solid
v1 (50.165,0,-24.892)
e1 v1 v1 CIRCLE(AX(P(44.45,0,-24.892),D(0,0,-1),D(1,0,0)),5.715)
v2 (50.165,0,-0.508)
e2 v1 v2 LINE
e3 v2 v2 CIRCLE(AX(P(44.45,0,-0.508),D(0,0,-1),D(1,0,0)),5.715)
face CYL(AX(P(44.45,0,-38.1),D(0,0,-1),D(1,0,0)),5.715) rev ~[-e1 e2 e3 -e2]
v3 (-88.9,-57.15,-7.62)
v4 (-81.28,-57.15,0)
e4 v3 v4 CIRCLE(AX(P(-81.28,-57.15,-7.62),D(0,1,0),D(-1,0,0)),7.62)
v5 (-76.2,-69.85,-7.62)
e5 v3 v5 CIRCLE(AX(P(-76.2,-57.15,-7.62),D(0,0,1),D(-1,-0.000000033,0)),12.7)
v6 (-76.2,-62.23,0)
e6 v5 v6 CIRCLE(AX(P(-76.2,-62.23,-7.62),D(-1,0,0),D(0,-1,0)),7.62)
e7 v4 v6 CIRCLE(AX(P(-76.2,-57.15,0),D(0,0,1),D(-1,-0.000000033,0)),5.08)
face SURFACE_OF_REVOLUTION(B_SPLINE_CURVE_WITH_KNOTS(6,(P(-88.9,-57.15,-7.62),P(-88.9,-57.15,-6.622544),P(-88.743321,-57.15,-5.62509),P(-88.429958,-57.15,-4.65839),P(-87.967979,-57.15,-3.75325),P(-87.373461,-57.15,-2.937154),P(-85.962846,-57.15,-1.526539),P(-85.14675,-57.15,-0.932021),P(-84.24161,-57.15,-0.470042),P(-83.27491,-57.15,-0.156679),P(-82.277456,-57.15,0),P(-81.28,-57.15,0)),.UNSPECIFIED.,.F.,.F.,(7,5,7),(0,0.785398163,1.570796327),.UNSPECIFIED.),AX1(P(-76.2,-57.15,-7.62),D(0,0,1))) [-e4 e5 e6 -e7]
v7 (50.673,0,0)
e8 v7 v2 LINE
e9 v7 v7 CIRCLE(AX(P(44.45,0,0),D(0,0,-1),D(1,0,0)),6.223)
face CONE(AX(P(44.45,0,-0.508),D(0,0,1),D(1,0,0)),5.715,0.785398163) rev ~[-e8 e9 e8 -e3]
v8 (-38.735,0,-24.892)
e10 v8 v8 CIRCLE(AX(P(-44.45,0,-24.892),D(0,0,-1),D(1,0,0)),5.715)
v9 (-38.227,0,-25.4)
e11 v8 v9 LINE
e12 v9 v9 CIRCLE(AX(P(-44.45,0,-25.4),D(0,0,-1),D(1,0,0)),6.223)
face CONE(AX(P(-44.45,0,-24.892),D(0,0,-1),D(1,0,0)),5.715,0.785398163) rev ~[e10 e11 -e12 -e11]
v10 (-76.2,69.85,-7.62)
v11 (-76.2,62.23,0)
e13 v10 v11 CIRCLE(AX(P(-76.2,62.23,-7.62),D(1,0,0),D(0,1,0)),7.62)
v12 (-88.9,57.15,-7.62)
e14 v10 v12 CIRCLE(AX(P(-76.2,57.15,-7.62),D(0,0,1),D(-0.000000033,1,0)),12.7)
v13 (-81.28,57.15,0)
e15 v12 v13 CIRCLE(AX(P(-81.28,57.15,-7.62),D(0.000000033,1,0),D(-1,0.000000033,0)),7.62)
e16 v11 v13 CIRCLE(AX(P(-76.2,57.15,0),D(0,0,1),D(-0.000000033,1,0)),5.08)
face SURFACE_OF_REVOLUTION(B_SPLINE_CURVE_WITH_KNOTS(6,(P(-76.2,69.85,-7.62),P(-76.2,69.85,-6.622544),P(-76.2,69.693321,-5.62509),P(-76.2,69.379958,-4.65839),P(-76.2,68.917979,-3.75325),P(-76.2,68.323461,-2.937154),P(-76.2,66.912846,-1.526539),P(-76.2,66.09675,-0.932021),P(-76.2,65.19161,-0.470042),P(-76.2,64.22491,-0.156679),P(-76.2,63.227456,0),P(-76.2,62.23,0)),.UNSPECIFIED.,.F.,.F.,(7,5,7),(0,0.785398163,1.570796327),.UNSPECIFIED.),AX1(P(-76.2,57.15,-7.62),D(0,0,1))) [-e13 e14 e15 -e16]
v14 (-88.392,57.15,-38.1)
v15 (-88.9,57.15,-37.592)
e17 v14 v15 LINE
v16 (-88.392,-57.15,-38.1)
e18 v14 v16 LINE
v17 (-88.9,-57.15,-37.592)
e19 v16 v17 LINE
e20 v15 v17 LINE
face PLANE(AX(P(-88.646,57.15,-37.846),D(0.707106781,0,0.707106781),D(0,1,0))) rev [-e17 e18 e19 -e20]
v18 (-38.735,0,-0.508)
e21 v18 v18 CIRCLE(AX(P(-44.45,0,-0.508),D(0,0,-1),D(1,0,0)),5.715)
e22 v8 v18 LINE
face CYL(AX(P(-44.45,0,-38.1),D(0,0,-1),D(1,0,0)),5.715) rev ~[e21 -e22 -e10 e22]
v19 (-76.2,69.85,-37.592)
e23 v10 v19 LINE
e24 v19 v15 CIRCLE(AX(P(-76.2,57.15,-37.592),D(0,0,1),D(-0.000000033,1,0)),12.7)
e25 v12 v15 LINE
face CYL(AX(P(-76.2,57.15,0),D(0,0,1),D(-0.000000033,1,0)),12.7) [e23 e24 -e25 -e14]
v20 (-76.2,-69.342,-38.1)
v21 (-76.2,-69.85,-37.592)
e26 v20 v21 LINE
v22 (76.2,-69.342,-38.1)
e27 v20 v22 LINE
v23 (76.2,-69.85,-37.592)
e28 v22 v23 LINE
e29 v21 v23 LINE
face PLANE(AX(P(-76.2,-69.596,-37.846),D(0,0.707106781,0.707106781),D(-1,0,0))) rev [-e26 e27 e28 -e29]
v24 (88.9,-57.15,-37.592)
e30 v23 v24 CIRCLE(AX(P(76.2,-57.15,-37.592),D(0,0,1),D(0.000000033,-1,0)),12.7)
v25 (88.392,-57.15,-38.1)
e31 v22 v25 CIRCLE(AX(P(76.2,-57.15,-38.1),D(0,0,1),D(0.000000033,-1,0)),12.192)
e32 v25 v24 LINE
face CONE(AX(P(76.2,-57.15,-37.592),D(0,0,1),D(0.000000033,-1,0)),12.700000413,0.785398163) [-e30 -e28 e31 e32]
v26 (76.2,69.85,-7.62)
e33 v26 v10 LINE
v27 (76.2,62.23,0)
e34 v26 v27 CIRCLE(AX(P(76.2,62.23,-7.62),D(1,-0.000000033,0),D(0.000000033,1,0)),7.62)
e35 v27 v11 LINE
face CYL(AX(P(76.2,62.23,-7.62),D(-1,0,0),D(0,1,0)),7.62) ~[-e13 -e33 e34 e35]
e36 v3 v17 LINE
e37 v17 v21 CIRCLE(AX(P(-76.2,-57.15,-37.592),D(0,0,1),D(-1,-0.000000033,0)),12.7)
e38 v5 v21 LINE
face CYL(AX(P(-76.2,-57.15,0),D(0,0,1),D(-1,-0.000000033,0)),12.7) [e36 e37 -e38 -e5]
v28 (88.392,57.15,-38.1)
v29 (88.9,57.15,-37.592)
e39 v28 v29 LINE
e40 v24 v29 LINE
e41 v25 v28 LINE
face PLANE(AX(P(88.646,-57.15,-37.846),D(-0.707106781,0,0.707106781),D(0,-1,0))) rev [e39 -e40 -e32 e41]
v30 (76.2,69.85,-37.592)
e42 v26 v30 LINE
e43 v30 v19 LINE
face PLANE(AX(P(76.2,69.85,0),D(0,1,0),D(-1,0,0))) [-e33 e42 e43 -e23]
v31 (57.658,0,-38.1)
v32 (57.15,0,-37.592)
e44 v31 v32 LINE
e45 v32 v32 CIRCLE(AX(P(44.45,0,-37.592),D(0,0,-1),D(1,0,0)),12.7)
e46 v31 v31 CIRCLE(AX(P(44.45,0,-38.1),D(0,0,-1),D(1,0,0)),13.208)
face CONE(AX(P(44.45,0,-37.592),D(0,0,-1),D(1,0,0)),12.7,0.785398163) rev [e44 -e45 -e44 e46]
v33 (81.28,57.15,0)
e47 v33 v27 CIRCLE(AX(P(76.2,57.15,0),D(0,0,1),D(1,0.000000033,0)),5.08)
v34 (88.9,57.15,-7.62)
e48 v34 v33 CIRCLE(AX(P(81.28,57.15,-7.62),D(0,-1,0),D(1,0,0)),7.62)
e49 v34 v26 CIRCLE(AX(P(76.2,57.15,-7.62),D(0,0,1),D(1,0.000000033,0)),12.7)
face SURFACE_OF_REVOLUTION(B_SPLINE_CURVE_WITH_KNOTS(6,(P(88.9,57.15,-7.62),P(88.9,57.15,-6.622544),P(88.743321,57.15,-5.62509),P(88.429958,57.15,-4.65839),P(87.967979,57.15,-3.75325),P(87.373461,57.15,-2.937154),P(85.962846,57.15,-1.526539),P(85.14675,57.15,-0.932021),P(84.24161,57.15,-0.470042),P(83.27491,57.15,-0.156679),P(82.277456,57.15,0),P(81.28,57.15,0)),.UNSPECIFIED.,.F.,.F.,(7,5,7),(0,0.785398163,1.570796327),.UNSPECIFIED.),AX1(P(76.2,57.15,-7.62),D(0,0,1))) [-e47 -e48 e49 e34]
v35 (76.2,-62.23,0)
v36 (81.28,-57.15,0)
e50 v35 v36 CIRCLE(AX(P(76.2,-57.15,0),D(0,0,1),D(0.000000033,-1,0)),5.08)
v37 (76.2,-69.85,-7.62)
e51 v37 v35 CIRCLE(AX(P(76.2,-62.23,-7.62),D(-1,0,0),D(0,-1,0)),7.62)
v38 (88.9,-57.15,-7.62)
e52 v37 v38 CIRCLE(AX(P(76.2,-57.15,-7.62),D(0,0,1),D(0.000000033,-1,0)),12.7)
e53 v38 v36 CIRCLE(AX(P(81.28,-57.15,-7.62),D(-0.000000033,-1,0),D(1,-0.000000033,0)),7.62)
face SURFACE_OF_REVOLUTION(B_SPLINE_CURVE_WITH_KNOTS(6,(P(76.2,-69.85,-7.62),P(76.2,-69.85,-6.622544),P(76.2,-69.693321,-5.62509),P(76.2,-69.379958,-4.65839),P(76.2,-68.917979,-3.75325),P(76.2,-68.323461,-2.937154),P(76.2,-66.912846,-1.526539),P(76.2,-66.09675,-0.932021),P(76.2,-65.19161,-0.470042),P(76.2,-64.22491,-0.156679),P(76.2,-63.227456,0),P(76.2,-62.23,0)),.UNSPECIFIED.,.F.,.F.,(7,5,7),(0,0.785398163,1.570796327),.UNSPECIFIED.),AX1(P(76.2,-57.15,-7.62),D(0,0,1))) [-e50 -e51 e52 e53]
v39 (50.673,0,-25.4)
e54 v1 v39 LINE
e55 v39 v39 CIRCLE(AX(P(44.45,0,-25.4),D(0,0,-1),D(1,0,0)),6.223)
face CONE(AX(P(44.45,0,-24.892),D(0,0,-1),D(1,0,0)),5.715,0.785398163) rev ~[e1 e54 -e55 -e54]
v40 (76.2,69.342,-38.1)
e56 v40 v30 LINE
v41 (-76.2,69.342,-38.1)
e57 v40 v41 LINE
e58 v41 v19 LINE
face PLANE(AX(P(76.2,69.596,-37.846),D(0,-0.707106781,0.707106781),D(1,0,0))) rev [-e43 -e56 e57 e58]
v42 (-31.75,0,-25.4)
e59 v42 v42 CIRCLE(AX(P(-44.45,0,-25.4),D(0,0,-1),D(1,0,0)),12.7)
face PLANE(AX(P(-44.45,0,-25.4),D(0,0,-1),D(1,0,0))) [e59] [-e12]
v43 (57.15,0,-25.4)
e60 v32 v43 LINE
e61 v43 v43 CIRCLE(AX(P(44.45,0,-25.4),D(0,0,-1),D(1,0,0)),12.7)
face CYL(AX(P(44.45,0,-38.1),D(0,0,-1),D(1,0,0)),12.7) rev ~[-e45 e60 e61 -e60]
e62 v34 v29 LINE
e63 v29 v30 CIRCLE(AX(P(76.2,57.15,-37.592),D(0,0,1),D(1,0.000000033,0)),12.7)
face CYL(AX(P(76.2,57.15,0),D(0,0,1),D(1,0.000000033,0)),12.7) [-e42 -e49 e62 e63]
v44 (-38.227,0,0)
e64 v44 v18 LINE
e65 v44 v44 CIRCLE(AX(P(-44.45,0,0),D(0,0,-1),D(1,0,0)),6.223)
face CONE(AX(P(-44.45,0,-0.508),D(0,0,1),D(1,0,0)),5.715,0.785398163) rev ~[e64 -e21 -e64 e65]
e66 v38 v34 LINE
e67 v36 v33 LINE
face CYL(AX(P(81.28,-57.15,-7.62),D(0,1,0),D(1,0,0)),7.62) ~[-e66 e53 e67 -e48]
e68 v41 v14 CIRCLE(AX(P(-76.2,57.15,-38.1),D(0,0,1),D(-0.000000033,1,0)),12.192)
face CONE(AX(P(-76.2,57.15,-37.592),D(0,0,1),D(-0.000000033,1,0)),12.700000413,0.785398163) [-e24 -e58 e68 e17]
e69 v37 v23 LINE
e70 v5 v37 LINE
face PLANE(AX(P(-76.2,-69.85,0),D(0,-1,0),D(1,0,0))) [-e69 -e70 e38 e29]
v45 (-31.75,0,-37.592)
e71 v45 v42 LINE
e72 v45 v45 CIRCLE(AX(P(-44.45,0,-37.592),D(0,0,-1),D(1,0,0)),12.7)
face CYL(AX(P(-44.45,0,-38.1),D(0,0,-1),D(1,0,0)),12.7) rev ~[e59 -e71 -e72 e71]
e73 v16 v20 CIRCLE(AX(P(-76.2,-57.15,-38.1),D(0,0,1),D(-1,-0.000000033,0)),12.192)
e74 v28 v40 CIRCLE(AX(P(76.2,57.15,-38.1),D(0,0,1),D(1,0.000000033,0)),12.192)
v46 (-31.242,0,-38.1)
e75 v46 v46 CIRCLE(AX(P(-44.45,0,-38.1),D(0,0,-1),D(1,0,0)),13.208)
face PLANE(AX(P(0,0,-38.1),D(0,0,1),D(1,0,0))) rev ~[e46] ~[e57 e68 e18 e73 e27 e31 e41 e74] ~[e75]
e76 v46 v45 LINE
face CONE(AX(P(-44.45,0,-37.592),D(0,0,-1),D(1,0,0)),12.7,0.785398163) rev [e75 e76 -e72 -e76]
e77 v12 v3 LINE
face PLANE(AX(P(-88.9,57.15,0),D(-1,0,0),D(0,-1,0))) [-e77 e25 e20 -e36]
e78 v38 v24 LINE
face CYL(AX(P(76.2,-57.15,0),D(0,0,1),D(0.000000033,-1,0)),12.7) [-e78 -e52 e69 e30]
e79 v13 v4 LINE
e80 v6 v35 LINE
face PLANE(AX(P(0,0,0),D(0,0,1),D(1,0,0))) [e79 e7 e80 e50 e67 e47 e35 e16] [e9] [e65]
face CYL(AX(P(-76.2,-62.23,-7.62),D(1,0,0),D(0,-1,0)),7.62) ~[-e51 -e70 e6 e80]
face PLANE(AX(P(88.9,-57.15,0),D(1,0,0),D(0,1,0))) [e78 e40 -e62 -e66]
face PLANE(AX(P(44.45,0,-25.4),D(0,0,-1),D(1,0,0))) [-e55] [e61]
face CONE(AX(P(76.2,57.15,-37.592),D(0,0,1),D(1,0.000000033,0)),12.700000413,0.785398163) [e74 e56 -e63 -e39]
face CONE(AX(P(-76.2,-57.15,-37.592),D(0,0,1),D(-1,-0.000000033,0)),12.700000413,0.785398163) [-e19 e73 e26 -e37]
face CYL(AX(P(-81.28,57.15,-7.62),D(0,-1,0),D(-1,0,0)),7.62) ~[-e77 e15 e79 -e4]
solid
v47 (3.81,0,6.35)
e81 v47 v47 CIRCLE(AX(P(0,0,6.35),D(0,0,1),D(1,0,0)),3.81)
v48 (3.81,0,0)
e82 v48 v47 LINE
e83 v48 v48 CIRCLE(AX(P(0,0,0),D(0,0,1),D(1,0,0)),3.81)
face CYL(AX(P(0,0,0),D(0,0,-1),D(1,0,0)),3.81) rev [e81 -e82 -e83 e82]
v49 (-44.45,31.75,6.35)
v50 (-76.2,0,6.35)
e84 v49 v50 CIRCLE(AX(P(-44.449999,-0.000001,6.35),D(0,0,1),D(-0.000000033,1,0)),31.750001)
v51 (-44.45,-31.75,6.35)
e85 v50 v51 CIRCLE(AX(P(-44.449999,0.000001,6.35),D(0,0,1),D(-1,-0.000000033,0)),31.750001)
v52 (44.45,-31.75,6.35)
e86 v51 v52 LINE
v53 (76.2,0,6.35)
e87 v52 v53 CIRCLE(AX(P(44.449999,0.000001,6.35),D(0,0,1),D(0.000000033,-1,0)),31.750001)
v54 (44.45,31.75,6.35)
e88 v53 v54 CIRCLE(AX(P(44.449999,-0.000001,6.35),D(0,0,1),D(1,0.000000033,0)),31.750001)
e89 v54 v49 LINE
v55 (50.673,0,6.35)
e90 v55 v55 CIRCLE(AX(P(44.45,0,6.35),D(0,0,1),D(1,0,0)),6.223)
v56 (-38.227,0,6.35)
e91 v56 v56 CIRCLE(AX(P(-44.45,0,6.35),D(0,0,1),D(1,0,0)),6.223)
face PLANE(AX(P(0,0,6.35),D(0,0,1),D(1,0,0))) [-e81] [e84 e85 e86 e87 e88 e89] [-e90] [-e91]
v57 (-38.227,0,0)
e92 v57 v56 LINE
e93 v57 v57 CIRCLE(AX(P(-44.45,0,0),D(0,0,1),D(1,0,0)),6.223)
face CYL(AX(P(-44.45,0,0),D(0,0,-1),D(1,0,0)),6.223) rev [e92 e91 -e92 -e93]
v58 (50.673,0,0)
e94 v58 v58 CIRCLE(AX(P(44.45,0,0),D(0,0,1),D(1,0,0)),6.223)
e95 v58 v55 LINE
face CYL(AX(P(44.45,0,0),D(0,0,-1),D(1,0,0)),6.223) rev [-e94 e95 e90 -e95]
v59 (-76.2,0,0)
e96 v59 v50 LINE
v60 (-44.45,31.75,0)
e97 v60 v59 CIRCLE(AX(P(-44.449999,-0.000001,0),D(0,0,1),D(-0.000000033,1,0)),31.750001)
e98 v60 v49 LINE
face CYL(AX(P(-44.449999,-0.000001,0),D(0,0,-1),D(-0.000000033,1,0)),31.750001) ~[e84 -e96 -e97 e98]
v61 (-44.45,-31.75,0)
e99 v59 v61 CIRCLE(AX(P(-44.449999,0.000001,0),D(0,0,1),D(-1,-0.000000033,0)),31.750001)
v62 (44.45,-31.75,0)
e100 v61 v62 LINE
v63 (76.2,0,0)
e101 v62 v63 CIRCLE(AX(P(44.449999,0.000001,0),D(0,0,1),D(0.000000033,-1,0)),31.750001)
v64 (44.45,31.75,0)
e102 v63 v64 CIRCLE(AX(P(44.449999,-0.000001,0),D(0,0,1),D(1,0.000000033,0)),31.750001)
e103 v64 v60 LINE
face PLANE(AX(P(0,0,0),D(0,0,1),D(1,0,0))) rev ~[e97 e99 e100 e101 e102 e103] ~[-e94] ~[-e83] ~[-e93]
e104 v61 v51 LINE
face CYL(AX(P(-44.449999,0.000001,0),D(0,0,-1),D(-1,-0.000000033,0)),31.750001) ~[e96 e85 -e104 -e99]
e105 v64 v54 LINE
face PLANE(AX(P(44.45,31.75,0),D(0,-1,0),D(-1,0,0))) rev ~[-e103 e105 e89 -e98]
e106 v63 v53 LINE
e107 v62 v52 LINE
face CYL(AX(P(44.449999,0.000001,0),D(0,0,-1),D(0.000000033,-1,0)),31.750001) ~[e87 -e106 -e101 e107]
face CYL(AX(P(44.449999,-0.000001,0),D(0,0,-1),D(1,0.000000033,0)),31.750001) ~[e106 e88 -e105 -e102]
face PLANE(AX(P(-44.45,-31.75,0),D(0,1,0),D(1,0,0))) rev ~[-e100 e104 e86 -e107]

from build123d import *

# Parameters (mm, degrees)
F1_DEPTH = 38.1
F2_R     = 7.62
F3_R     = 12.7
F3_R_2   = 5.715
F4_DEPTH = 12.7
F5_DEPTH = 38.101
F6_SIZE  = 0.508
F7_R     = 6.223
F7_R_2   = 3.81
F8_DEPTH = 6.35


with BuildPart() as f1:
    # F0 (on Top) → F1 (new body)
    with BuildSketch(Plane.XY):
        with BuildLine():
            Line((76.2, 69.85), (-76.2, 69.85))
            ThreePointArc((-76.2, 69.85), (-85.180256, 66.130256), (-88.9, 57.15))
            Line((-88.9, 57.15), (-88.9, -57.15))
            ThreePointArc((-88.9, -57.15), (-85.180256, -66.130256), (-76.2, -69.85))
            Line((-76.2, -69.85), (76.2, -69.85))
            ThreePointArc((76.2, -69.85), (85.180256, -66.130256), (88.9, -57.15))
            Line((88.9, -57.15), (88.9, 57.15))
            ThreePointArc((88.9, 57.15), (85.180256, 66.130256), (76.2, 69.85))
        make_face()
    extrude(amount=-F1_DEPTH)

    # F2
    f2_edges = [f1.edges().sort_by_distance(p)[0] for p in [
        (0, -69.85, 0),
    ]]
    fillet(f2_edges, radius=F2_R)

    # F3 (on face) → F4 (cut)
    with BuildSketch(Plane(origin=(0, 0, -38.1), x_dir=(1, 0, 0), z_dir=(0, 0, -1))):
        with Locations((-44.45, 0)):
            Circle(F3_R)
        with Locations((-44.45, 0)):
            Circle(F3_R_2, mode=Mode.SUBTRACT)
        with Locations((-44.45, 0)):
            Circle(F3_R_2)
        with Locations((44.45, 0)):
            Circle(F3_R)
        with Locations((44.45, 0)):
            Circle(F3_R_2, mode=Mode.SUBTRACT)
        with Locations((44.45, 0)):
            Circle(F3_R_2)
    extrude(amount=-F4_DEPTH, mode=Mode.SUBTRACT)

    # F3 (on face) → F5 (cut, through all)
    with BuildSketch(Plane(origin=(0, 0, -38.1), x_dir=(1, 0, 0), z_dir=(0, 0, -1))):
        with Locations((-44.45, 0)):
            Circle(F3_R_2)
        with Locations((44.45, 0)):
            Circle(F3_R_2)
    extrude(amount=-F5_DEPTH, mode=Mode.SUBTRACT)

    # F6
    f6_edges = [f1.edges().sort_by_distance(p)[0] for p in [
        (0, -69.85, -38.1),
        (-57.15, 0, -38.1),
        (31.75, 0, -38.1),
        (38.735, 0, -25.4),
        (-50.165, 0, -25.4),
        (38.735, 0, 0),
        (-50.165, 0, 0),
    ]]
    chamfer(f6_edges, length=F6_SIZE)


with BuildPart() as f8:
    # F7 (on face) → F8 (new body)
    with BuildSketch(Plane.XY):
        with BuildLine():
            Line((44.45, 31.75), (-44.45, 31.75))
            ThreePointArc((-44.45, 31.75), (-66.90064, 22.45064), (-76.2, 0))
            ThreePointArc((-76.2, 0), (-66.90064, -22.45064), (-44.45, -31.75))
            Line((-44.45, -31.75), (44.45, -31.75))
            ThreePointArc((44.45, -31.75), (66.90064, -22.45064), (76.2, 0))
            ThreePointArc((76.2, 0), (66.90064, 22.45064), (44.45, 31.75))
        make_face()
        with Locations((-44.45, 0)):
            Circle(F7_R, mode=Mode.SUBTRACT)
        Circle(F7_R_2, mode=Mode.SUBTRACT)
        with Locations((44.45, 0)):
            Circle(F7_R, mode=Mode.SUBTRACT)
    extrude(amount=F8_DEPTH)


solid = Compound([f1.part, f8.part])
